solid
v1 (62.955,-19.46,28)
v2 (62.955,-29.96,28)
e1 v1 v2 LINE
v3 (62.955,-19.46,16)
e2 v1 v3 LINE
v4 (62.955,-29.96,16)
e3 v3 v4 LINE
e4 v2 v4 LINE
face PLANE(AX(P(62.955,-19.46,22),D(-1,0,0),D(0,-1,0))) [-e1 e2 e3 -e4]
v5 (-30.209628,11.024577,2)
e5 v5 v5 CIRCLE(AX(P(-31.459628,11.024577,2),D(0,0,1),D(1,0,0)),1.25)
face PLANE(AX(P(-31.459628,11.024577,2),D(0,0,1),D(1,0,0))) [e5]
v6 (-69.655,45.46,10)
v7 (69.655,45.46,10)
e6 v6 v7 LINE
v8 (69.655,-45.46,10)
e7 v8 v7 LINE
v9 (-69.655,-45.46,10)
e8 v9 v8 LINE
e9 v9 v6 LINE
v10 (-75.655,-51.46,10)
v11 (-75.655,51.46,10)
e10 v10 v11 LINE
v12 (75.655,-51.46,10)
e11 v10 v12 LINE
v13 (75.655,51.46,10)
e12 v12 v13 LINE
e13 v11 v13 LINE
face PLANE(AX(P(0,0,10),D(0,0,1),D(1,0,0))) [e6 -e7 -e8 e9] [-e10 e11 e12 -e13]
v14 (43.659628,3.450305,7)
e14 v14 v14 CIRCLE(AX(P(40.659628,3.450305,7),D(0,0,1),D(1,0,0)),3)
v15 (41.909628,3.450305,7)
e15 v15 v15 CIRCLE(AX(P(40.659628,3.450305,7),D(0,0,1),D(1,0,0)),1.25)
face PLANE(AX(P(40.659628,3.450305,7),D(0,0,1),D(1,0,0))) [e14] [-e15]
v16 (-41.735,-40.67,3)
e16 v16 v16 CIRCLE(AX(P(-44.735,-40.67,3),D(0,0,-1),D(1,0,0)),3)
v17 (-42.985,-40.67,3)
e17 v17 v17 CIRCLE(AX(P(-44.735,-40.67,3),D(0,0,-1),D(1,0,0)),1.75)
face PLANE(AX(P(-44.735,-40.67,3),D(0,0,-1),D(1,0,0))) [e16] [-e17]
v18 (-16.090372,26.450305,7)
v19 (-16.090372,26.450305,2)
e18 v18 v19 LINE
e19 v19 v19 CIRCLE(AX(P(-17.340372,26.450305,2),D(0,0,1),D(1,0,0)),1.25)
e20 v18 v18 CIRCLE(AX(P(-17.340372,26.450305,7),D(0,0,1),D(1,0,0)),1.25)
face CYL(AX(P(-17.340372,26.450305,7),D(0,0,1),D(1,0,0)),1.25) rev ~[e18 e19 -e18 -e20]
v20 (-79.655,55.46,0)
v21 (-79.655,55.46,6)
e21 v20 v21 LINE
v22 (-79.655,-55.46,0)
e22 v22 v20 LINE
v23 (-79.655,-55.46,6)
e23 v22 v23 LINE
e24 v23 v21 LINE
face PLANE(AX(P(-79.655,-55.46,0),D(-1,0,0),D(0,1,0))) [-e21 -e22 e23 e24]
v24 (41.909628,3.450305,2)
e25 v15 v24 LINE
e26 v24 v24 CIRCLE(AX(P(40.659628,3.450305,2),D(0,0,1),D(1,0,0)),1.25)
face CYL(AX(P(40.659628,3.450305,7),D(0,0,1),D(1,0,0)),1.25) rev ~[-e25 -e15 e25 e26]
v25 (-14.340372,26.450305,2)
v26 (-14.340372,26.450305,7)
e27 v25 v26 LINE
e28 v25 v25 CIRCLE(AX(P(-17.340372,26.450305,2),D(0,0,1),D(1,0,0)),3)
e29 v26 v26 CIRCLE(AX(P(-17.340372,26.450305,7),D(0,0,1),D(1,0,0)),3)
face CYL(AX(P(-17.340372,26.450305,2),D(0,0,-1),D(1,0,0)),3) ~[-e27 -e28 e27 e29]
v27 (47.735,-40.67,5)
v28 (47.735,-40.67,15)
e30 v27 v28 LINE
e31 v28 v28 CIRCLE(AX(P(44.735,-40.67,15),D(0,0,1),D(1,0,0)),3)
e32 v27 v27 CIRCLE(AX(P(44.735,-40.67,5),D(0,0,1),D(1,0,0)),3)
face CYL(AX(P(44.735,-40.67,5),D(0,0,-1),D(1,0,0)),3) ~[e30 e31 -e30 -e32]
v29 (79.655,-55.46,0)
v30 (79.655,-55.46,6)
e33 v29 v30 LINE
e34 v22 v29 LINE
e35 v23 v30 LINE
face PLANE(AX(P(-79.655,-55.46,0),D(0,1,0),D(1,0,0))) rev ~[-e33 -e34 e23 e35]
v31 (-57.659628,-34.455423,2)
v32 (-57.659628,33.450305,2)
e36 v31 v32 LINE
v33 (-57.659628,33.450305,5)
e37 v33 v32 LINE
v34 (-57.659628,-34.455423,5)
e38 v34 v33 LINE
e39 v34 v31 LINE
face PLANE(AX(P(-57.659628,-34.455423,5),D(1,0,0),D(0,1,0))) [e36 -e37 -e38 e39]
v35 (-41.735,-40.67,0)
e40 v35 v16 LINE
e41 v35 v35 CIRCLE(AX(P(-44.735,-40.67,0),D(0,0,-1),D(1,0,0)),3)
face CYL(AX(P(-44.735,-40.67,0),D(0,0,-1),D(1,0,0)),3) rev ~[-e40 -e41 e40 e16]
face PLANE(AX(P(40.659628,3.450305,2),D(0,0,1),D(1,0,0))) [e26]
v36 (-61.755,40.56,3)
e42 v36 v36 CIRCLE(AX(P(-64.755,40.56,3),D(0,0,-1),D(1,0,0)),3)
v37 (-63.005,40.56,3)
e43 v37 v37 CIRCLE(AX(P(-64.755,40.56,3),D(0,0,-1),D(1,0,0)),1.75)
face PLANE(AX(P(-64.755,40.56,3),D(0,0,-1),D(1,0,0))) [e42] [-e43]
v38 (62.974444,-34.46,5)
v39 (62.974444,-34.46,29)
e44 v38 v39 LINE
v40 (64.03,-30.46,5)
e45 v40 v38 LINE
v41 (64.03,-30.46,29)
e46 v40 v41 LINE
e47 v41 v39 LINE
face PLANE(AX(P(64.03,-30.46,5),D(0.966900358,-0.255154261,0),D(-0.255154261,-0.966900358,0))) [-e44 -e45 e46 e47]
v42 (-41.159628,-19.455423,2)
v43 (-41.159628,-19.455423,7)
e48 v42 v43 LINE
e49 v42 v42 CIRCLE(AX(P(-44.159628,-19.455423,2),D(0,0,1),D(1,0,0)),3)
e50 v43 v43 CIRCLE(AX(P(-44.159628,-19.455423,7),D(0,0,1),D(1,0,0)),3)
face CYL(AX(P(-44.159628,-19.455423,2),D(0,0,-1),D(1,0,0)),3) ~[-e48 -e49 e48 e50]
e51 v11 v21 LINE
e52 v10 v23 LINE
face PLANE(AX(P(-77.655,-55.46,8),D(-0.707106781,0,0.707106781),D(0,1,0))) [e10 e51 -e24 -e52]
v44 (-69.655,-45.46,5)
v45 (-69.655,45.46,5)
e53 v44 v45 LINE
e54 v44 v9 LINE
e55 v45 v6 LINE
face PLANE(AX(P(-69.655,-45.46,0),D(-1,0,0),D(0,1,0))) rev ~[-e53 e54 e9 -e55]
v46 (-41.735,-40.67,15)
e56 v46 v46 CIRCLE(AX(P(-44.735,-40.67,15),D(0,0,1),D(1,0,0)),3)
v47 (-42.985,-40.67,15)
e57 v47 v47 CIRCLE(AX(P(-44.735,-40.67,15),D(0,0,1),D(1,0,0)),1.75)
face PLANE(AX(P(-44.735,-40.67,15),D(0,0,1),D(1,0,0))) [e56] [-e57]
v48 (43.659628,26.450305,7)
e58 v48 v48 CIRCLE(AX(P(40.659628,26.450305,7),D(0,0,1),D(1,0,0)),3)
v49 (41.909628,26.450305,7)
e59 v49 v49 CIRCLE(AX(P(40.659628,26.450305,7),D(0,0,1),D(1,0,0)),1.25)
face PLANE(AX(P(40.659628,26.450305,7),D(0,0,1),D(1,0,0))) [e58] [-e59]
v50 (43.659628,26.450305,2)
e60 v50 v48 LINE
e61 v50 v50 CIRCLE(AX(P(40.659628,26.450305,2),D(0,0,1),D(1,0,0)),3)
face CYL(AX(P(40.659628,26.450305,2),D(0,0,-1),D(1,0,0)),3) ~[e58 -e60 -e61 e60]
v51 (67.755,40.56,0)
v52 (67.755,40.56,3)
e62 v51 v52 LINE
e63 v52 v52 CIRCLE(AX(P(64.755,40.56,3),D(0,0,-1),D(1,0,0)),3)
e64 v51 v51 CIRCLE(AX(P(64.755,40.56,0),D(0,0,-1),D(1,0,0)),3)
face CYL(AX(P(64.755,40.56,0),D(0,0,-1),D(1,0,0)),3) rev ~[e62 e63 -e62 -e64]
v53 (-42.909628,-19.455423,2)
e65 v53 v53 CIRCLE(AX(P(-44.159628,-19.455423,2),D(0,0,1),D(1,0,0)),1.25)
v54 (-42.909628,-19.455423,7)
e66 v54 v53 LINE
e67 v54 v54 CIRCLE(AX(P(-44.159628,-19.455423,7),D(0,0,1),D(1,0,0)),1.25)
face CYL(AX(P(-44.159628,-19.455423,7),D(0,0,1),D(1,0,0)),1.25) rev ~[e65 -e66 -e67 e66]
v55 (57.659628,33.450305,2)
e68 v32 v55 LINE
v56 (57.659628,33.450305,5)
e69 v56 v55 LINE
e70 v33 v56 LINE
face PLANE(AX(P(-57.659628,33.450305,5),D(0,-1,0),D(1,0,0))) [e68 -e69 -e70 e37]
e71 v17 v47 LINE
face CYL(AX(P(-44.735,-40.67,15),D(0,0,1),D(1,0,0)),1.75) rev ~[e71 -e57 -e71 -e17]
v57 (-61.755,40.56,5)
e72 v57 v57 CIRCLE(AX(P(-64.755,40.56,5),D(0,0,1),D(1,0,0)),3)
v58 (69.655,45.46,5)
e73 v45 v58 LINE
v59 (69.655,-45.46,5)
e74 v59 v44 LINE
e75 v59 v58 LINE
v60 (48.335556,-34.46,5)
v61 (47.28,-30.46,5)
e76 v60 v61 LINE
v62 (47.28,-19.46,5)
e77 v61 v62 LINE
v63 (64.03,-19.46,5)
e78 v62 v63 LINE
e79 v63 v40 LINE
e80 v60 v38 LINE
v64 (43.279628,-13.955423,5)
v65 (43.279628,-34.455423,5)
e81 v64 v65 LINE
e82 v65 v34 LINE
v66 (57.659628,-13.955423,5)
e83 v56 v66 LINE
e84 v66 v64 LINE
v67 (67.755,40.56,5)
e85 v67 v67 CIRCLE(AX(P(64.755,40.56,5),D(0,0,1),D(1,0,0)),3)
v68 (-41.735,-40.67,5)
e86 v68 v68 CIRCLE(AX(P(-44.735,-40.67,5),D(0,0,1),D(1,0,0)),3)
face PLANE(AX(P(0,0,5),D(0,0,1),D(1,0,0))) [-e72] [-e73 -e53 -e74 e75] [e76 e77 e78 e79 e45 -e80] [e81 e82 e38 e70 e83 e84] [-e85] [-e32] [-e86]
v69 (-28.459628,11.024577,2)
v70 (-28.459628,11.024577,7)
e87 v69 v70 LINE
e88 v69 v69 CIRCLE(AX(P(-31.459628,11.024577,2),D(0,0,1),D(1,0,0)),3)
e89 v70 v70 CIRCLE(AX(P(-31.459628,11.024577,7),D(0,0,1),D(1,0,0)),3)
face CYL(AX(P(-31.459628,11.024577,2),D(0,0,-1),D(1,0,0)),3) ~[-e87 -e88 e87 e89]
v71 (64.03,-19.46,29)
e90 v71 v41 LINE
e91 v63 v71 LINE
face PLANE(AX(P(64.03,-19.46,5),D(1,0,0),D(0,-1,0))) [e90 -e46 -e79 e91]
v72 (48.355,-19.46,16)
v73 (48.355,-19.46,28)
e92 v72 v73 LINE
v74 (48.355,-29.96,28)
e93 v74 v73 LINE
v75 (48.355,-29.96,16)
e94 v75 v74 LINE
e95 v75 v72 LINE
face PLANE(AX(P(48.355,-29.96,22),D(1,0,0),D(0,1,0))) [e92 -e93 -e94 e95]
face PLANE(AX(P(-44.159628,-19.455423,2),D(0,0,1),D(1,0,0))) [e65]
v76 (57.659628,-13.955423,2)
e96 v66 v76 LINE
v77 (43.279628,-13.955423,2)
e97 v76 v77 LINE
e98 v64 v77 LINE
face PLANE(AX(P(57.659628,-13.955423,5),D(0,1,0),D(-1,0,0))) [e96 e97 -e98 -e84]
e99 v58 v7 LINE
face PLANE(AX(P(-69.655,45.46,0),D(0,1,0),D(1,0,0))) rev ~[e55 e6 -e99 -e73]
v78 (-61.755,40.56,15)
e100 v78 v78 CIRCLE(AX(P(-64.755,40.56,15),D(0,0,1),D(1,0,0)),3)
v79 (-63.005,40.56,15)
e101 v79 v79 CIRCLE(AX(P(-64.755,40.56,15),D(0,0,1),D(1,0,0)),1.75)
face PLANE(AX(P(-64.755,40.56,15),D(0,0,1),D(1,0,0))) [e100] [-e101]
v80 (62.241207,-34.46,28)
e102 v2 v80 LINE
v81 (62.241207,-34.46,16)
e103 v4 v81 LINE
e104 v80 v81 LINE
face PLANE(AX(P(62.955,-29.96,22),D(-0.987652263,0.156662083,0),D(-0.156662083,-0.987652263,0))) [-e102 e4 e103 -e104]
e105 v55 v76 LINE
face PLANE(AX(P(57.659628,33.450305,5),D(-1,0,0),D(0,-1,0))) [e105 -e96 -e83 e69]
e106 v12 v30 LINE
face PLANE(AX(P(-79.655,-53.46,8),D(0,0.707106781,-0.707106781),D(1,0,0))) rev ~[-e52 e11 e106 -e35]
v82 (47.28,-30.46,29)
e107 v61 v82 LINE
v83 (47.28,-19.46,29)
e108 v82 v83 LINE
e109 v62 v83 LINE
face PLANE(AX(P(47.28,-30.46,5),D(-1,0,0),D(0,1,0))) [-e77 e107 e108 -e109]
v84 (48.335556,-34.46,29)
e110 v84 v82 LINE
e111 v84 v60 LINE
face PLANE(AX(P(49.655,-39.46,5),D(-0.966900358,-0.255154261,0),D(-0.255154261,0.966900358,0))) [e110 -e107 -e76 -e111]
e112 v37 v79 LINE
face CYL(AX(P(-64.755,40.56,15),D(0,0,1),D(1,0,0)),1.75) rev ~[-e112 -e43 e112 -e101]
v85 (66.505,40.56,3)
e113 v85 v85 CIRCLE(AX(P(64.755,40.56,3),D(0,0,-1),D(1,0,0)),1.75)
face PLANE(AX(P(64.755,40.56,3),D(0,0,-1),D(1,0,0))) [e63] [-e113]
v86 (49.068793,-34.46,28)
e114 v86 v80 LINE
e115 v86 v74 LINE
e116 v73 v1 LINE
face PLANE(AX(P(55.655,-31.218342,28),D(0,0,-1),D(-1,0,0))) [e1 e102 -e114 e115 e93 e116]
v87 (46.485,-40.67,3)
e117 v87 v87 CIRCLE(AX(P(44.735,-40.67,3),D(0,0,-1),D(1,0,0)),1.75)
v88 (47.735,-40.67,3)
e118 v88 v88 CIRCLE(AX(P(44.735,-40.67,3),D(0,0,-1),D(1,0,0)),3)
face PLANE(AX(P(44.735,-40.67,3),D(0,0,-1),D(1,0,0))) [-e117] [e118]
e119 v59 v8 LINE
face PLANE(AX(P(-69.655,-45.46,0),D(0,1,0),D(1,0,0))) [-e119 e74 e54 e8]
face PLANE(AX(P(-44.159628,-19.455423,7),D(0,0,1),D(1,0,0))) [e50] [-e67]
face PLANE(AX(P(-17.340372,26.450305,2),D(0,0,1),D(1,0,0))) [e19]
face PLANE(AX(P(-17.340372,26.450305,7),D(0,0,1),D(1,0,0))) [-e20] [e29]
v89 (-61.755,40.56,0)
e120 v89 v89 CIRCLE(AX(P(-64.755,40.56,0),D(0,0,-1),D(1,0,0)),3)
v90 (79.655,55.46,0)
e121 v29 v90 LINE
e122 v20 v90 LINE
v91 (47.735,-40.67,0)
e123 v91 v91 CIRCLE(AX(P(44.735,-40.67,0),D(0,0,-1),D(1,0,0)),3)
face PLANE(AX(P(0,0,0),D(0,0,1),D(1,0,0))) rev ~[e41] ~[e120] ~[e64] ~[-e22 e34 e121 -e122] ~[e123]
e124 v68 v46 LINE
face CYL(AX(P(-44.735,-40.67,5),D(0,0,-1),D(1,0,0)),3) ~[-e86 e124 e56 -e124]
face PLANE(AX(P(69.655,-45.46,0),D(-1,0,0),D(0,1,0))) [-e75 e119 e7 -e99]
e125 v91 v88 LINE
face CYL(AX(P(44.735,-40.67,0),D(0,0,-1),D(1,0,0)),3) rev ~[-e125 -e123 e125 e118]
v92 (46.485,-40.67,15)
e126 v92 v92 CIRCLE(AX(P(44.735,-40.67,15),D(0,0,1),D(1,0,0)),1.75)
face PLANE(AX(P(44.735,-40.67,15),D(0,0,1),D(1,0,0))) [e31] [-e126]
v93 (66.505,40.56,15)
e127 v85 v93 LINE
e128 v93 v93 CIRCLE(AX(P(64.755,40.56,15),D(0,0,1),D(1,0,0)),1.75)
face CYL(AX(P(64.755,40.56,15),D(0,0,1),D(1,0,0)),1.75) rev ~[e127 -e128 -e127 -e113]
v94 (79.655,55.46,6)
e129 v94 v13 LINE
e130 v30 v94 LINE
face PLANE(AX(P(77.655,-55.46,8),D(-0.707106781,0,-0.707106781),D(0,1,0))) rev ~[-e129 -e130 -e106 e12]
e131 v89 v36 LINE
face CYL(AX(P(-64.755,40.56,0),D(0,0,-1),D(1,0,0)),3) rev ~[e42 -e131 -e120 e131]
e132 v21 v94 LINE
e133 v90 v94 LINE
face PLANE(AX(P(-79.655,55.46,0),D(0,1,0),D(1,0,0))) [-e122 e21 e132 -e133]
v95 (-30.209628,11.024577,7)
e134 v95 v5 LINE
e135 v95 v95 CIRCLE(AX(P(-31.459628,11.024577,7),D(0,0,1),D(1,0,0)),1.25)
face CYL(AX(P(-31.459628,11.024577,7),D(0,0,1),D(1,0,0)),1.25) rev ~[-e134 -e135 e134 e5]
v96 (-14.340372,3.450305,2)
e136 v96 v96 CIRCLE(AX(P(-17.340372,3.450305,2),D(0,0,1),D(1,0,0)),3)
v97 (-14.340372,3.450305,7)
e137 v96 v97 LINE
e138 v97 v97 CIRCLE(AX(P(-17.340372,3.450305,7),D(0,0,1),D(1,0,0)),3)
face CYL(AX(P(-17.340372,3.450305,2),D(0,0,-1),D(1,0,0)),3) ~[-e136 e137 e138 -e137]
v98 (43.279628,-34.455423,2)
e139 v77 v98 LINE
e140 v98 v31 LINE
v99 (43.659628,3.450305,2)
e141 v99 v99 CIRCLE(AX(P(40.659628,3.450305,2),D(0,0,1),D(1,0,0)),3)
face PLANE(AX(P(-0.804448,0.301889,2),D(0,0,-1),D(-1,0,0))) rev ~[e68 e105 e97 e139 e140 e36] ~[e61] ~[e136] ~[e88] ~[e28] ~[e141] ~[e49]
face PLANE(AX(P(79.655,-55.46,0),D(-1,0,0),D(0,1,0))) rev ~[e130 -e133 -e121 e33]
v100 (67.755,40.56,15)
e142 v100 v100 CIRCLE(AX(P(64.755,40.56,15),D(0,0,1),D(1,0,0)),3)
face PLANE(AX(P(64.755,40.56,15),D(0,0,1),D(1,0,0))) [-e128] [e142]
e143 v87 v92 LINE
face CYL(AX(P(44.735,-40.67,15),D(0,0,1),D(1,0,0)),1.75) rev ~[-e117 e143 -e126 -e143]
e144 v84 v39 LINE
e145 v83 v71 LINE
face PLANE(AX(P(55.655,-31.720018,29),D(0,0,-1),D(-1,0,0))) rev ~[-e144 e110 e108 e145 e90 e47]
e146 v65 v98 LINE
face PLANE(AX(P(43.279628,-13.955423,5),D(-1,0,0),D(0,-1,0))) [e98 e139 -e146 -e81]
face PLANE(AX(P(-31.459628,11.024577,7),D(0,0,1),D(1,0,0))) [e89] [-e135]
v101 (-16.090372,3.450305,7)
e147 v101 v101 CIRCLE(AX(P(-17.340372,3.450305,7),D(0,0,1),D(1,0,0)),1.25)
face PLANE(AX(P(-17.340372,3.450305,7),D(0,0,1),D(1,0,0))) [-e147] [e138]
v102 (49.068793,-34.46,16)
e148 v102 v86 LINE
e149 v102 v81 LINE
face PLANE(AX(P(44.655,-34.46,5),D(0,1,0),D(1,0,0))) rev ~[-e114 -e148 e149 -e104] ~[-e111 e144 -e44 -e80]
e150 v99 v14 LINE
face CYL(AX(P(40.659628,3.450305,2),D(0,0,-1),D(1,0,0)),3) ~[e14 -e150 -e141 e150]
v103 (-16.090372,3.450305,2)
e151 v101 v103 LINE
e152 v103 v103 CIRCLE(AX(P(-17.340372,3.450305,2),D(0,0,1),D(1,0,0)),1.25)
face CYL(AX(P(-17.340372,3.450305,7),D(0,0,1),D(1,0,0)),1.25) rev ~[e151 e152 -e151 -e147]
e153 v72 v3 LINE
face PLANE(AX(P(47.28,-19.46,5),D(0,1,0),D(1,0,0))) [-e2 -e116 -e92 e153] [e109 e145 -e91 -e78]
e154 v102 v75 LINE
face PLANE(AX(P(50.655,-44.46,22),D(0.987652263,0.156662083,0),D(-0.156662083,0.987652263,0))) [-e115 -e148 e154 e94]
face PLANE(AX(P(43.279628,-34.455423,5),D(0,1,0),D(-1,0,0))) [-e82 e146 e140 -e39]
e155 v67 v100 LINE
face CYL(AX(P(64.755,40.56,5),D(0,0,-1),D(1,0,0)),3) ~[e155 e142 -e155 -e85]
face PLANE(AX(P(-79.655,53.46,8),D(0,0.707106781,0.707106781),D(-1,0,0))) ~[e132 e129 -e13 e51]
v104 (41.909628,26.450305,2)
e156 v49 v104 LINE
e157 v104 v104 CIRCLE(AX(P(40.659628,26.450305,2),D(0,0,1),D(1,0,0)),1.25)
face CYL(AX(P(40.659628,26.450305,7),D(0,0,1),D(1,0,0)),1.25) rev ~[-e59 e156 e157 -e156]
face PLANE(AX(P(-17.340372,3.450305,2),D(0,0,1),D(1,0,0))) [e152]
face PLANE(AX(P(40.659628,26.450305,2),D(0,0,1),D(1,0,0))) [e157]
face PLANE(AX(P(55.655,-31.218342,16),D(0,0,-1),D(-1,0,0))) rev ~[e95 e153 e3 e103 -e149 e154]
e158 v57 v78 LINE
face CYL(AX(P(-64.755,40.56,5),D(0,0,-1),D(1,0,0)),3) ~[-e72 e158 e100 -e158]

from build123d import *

# Parameters (mm, degrees)
SKETCH_W        = 139.31
SKETCH_H        = 90.92
PAD_DEPTH       = 5
SKETCH001_R     = 1.75
POCKET_DEPTH    = 5.001
SKETCH002_R     = 3
POCKET001_DEPTH = 3
POCKET004_DEPTH = 3
SKETCH009_R     = 3
PAD003_DEPTH    = 5
SKETCH010_R     = 1.25
POCKET005_DEPTH = 5
PAD004_DEPTH    = 24
POCKET007_DEPTH = 6
SKETCH014_W     = 25
SKETCH014_H     = 11
POCKET008_DEPTH = 24.001
SKETCH015_W     = 159.31
SKETCH015_H     = 110.92
SKETCH015_W_2   = 139.31
SKETCH015_H_2   = 90.92
PAD005_DEPTH    = 10
SKETCH016_R     = 3
PAD006_DEPTH    = 10
SKETCH017_R     = 1.75
POCKET009_DEPTH = 15.001
CHAMFER_SIZE    = 4


with BuildPart() as part:
    # Sketch → Pad (new body)
    with BuildSketch(Plane.XY):
        Rectangle(SKETCH_W, SKETCH_H)
    extrude(amount=PAD_DEPTH)

    # Sketch001 (on Face5 of Pad) → Pocket (cut, through all)
    with BuildSketch(Plane(origin=(0, 0, 0), x_dir=(1, 0, 0), z_dir=(0, 0, -1))):
        with Locations((-44.735, 40.67)):
            Circle(SKETCH001_R)
        with Locations((-64.755, -40.56)):
            Circle(SKETCH001_R)
        with Locations((64.755, -40.56)):
            Circle(SKETCH001_R)
        with Locations((44.735, 40.67)):
            Circle(SKETCH001_R)
    extrude(amount=-POCKET_DEPTH, mode=Mode.SUBTRACT)

    # Sketch002 (on Face4 of Pocket) → Pocket001 (cut)
    with BuildSketch(Plane(origin=(0, 0, 0), x_dir=(1, 0, 0), z_dir=(0, 0, -1))):
        with Locations((-44.735, 40.67)):
            Circle(SKETCH002_R)
        with Locations((44.735, 40.67)):
            Circle(SKETCH002_R)
        with Locations((64.755, -40.56)):
            Circle(SKETCH002_R)
        with Locations((-64.755, -40.56)):
            Circle(SKETCH002_R)
    extrude(amount=-POCKET001_DEPTH, mode=Mode.SUBTRACT)

    # Sketch008 → Pocket004 (cut)
    with BuildSketch(Plane.XY.offset(5)):
        Polygon((-57.659628, -34.455423), (-57.659628, 33.450305), (57.659628, 33.450305), (57.659628, -13.955423), (43.279628, -13.955423), (43.279628, -34.455423), align=None)
    extrude(amount=-POCKET004_DEPTH, mode=Mode.SUBTRACT)

    # Sketch009 (on Face25 of Pocket004) → Pad003 (join)
    with BuildSketch(Plane.XY.offset(2)):
        with Locations((-44.159628, -19.455423)):
            Circle(SKETCH009_R)
        with Locations((-31.459628, 11.024577)):
            Circle(SKETCH009_R)
        with Locations((-17.340372, 26.450305)):
            Circle(SKETCH009_R)
        with Locations((-17.340372, 3.450305)):
            Circle(SKETCH009_R)
        with Locations((40.659628, 26.450305)):
            Circle(SKETCH009_R)
        with Locations((40.659628, 3.450305)):
            Circle(SKETCH009_R)
    extrude(amount=PAD003_DEPTH)

    # Sketch010 (on Face33 of Pad003) → Pocket005 (cut)
    with BuildSketch(Plane.XY.offset(7)):
        with Locations((-44.159628, -19.455423)):
            Circle(SKETCH010_R)
        with Locations((-31.459628, 11.024577)):
            Circle(SKETCH010_R)
        with Locations((-17.340372, 3.450305)):
            Circle(SKETCH010_R)
        with Locations((-17.340372, 26.450305)):
            Circle(SKETCH010_R)
        with Locations((40.659628, 26.450305)):
            Circle(SKETCH010_R)
        with Locations((40.659628, 3.450305)):
            Circle(SKETCH010_R)
    extrude(amount=-POCKET005_DEPTH, mode=Mode.SUBTRACT)

    # Sketch011 → Pad004 (join)
    with BuildSketch(Plane.XY.offset(5)):
        Polygon((61.655, -45.46), (49.655, -45.46), (49.655, -39.46), (47.28, -30.46), (47.28, -19.46), (64.03, -19.46), (64.03, -30.46), (61.655, -39.46), align=None)
    extrude(amount=PAD004_DEPTH)

    # Sketch013 → Pocket007 (cut, symmetric)
    with BuildSketch(Plane.XY.offset(22)):
        Polygon((48.355, -19.46), (62.955, -19.46), (62.955, -29.96), (60.655, -44.46), (50.655, -44.46), (48.355, -29.96), align=None)
    extrude(amount=POCKET007_DEPTH, both=True, mode=Mode.SUBTRACT)

    # Sketch014 (on Face5 of Pocket007) → Pocket008 (cut, through all)
    with BuildSketch(Plane.XY.offset(5)):
        with Locations((57.155, -39.96)):
            Rectangle(SKETCH014_W, SKETCH014_H)
    extrude(amount=POCKET008_DEPTH, mode=Mode.SUBTRACT)

    # Sketch015 → Pad005 (join)
    with BuildSketch(Plane.XY):
        Rectangle(SKETCH015_W, SKETCH015_H)
        Rectangle(SKETCH015_W_2, SKETCH015_H_2, mode=Mode.SUBTRACT)
    extrude(amount=PAD005_DEPTH)

    # Sketch016 (on Face10 of Pad005) → Pad006 (join)
    with BuildSketch(Plane.XY.offset(5)):
        with Locations((64.755, 40.56)):
            Circle(SKETCH016_R)
        with Locations((44.735, -40.67)):
            Circle(SKETCH016_R)
        with Locations((-44.735, -40.67)):
            Circle(SKETCH016_R)
        with Locations((-64.755, 40.56)):
            Circle(SKETCH016_R)
    extrude(amount=PAD006_DEPTH)

    # Sketch017 (on Face54 of Pad006) → Pocket009 (cut, through all)
    with BuildSketch(Plane.XY.offset(15)):
        with Locations((-64.755, 40.56)):
            Circle(SKETCH017_R)
        with Locations((64.755, 40.56)):
            Circle(SKETCH017_R)
        with Locations((44.735, -40.67)):
            Circle(SKETCH017_R)
        with Locations((-44.735, -40.67)):
            Circle(SKETCH017_R)
    extrude(amount=-POCKET009_DEPTH, mode=Mode.SUBTRACT)

    # Chamfer
    chamfer_edges = [part.edges().sort_by_distance(p)[0] for p in [
        (0, -55.46, 10),
        (-79.655, 0, 10),
        (0, 55.46, 10),
        (79.655, 0, 10),
    ]]
    chamfer(chamfer_edges, length=CHAMFER_SIZE)


solid = part.part
